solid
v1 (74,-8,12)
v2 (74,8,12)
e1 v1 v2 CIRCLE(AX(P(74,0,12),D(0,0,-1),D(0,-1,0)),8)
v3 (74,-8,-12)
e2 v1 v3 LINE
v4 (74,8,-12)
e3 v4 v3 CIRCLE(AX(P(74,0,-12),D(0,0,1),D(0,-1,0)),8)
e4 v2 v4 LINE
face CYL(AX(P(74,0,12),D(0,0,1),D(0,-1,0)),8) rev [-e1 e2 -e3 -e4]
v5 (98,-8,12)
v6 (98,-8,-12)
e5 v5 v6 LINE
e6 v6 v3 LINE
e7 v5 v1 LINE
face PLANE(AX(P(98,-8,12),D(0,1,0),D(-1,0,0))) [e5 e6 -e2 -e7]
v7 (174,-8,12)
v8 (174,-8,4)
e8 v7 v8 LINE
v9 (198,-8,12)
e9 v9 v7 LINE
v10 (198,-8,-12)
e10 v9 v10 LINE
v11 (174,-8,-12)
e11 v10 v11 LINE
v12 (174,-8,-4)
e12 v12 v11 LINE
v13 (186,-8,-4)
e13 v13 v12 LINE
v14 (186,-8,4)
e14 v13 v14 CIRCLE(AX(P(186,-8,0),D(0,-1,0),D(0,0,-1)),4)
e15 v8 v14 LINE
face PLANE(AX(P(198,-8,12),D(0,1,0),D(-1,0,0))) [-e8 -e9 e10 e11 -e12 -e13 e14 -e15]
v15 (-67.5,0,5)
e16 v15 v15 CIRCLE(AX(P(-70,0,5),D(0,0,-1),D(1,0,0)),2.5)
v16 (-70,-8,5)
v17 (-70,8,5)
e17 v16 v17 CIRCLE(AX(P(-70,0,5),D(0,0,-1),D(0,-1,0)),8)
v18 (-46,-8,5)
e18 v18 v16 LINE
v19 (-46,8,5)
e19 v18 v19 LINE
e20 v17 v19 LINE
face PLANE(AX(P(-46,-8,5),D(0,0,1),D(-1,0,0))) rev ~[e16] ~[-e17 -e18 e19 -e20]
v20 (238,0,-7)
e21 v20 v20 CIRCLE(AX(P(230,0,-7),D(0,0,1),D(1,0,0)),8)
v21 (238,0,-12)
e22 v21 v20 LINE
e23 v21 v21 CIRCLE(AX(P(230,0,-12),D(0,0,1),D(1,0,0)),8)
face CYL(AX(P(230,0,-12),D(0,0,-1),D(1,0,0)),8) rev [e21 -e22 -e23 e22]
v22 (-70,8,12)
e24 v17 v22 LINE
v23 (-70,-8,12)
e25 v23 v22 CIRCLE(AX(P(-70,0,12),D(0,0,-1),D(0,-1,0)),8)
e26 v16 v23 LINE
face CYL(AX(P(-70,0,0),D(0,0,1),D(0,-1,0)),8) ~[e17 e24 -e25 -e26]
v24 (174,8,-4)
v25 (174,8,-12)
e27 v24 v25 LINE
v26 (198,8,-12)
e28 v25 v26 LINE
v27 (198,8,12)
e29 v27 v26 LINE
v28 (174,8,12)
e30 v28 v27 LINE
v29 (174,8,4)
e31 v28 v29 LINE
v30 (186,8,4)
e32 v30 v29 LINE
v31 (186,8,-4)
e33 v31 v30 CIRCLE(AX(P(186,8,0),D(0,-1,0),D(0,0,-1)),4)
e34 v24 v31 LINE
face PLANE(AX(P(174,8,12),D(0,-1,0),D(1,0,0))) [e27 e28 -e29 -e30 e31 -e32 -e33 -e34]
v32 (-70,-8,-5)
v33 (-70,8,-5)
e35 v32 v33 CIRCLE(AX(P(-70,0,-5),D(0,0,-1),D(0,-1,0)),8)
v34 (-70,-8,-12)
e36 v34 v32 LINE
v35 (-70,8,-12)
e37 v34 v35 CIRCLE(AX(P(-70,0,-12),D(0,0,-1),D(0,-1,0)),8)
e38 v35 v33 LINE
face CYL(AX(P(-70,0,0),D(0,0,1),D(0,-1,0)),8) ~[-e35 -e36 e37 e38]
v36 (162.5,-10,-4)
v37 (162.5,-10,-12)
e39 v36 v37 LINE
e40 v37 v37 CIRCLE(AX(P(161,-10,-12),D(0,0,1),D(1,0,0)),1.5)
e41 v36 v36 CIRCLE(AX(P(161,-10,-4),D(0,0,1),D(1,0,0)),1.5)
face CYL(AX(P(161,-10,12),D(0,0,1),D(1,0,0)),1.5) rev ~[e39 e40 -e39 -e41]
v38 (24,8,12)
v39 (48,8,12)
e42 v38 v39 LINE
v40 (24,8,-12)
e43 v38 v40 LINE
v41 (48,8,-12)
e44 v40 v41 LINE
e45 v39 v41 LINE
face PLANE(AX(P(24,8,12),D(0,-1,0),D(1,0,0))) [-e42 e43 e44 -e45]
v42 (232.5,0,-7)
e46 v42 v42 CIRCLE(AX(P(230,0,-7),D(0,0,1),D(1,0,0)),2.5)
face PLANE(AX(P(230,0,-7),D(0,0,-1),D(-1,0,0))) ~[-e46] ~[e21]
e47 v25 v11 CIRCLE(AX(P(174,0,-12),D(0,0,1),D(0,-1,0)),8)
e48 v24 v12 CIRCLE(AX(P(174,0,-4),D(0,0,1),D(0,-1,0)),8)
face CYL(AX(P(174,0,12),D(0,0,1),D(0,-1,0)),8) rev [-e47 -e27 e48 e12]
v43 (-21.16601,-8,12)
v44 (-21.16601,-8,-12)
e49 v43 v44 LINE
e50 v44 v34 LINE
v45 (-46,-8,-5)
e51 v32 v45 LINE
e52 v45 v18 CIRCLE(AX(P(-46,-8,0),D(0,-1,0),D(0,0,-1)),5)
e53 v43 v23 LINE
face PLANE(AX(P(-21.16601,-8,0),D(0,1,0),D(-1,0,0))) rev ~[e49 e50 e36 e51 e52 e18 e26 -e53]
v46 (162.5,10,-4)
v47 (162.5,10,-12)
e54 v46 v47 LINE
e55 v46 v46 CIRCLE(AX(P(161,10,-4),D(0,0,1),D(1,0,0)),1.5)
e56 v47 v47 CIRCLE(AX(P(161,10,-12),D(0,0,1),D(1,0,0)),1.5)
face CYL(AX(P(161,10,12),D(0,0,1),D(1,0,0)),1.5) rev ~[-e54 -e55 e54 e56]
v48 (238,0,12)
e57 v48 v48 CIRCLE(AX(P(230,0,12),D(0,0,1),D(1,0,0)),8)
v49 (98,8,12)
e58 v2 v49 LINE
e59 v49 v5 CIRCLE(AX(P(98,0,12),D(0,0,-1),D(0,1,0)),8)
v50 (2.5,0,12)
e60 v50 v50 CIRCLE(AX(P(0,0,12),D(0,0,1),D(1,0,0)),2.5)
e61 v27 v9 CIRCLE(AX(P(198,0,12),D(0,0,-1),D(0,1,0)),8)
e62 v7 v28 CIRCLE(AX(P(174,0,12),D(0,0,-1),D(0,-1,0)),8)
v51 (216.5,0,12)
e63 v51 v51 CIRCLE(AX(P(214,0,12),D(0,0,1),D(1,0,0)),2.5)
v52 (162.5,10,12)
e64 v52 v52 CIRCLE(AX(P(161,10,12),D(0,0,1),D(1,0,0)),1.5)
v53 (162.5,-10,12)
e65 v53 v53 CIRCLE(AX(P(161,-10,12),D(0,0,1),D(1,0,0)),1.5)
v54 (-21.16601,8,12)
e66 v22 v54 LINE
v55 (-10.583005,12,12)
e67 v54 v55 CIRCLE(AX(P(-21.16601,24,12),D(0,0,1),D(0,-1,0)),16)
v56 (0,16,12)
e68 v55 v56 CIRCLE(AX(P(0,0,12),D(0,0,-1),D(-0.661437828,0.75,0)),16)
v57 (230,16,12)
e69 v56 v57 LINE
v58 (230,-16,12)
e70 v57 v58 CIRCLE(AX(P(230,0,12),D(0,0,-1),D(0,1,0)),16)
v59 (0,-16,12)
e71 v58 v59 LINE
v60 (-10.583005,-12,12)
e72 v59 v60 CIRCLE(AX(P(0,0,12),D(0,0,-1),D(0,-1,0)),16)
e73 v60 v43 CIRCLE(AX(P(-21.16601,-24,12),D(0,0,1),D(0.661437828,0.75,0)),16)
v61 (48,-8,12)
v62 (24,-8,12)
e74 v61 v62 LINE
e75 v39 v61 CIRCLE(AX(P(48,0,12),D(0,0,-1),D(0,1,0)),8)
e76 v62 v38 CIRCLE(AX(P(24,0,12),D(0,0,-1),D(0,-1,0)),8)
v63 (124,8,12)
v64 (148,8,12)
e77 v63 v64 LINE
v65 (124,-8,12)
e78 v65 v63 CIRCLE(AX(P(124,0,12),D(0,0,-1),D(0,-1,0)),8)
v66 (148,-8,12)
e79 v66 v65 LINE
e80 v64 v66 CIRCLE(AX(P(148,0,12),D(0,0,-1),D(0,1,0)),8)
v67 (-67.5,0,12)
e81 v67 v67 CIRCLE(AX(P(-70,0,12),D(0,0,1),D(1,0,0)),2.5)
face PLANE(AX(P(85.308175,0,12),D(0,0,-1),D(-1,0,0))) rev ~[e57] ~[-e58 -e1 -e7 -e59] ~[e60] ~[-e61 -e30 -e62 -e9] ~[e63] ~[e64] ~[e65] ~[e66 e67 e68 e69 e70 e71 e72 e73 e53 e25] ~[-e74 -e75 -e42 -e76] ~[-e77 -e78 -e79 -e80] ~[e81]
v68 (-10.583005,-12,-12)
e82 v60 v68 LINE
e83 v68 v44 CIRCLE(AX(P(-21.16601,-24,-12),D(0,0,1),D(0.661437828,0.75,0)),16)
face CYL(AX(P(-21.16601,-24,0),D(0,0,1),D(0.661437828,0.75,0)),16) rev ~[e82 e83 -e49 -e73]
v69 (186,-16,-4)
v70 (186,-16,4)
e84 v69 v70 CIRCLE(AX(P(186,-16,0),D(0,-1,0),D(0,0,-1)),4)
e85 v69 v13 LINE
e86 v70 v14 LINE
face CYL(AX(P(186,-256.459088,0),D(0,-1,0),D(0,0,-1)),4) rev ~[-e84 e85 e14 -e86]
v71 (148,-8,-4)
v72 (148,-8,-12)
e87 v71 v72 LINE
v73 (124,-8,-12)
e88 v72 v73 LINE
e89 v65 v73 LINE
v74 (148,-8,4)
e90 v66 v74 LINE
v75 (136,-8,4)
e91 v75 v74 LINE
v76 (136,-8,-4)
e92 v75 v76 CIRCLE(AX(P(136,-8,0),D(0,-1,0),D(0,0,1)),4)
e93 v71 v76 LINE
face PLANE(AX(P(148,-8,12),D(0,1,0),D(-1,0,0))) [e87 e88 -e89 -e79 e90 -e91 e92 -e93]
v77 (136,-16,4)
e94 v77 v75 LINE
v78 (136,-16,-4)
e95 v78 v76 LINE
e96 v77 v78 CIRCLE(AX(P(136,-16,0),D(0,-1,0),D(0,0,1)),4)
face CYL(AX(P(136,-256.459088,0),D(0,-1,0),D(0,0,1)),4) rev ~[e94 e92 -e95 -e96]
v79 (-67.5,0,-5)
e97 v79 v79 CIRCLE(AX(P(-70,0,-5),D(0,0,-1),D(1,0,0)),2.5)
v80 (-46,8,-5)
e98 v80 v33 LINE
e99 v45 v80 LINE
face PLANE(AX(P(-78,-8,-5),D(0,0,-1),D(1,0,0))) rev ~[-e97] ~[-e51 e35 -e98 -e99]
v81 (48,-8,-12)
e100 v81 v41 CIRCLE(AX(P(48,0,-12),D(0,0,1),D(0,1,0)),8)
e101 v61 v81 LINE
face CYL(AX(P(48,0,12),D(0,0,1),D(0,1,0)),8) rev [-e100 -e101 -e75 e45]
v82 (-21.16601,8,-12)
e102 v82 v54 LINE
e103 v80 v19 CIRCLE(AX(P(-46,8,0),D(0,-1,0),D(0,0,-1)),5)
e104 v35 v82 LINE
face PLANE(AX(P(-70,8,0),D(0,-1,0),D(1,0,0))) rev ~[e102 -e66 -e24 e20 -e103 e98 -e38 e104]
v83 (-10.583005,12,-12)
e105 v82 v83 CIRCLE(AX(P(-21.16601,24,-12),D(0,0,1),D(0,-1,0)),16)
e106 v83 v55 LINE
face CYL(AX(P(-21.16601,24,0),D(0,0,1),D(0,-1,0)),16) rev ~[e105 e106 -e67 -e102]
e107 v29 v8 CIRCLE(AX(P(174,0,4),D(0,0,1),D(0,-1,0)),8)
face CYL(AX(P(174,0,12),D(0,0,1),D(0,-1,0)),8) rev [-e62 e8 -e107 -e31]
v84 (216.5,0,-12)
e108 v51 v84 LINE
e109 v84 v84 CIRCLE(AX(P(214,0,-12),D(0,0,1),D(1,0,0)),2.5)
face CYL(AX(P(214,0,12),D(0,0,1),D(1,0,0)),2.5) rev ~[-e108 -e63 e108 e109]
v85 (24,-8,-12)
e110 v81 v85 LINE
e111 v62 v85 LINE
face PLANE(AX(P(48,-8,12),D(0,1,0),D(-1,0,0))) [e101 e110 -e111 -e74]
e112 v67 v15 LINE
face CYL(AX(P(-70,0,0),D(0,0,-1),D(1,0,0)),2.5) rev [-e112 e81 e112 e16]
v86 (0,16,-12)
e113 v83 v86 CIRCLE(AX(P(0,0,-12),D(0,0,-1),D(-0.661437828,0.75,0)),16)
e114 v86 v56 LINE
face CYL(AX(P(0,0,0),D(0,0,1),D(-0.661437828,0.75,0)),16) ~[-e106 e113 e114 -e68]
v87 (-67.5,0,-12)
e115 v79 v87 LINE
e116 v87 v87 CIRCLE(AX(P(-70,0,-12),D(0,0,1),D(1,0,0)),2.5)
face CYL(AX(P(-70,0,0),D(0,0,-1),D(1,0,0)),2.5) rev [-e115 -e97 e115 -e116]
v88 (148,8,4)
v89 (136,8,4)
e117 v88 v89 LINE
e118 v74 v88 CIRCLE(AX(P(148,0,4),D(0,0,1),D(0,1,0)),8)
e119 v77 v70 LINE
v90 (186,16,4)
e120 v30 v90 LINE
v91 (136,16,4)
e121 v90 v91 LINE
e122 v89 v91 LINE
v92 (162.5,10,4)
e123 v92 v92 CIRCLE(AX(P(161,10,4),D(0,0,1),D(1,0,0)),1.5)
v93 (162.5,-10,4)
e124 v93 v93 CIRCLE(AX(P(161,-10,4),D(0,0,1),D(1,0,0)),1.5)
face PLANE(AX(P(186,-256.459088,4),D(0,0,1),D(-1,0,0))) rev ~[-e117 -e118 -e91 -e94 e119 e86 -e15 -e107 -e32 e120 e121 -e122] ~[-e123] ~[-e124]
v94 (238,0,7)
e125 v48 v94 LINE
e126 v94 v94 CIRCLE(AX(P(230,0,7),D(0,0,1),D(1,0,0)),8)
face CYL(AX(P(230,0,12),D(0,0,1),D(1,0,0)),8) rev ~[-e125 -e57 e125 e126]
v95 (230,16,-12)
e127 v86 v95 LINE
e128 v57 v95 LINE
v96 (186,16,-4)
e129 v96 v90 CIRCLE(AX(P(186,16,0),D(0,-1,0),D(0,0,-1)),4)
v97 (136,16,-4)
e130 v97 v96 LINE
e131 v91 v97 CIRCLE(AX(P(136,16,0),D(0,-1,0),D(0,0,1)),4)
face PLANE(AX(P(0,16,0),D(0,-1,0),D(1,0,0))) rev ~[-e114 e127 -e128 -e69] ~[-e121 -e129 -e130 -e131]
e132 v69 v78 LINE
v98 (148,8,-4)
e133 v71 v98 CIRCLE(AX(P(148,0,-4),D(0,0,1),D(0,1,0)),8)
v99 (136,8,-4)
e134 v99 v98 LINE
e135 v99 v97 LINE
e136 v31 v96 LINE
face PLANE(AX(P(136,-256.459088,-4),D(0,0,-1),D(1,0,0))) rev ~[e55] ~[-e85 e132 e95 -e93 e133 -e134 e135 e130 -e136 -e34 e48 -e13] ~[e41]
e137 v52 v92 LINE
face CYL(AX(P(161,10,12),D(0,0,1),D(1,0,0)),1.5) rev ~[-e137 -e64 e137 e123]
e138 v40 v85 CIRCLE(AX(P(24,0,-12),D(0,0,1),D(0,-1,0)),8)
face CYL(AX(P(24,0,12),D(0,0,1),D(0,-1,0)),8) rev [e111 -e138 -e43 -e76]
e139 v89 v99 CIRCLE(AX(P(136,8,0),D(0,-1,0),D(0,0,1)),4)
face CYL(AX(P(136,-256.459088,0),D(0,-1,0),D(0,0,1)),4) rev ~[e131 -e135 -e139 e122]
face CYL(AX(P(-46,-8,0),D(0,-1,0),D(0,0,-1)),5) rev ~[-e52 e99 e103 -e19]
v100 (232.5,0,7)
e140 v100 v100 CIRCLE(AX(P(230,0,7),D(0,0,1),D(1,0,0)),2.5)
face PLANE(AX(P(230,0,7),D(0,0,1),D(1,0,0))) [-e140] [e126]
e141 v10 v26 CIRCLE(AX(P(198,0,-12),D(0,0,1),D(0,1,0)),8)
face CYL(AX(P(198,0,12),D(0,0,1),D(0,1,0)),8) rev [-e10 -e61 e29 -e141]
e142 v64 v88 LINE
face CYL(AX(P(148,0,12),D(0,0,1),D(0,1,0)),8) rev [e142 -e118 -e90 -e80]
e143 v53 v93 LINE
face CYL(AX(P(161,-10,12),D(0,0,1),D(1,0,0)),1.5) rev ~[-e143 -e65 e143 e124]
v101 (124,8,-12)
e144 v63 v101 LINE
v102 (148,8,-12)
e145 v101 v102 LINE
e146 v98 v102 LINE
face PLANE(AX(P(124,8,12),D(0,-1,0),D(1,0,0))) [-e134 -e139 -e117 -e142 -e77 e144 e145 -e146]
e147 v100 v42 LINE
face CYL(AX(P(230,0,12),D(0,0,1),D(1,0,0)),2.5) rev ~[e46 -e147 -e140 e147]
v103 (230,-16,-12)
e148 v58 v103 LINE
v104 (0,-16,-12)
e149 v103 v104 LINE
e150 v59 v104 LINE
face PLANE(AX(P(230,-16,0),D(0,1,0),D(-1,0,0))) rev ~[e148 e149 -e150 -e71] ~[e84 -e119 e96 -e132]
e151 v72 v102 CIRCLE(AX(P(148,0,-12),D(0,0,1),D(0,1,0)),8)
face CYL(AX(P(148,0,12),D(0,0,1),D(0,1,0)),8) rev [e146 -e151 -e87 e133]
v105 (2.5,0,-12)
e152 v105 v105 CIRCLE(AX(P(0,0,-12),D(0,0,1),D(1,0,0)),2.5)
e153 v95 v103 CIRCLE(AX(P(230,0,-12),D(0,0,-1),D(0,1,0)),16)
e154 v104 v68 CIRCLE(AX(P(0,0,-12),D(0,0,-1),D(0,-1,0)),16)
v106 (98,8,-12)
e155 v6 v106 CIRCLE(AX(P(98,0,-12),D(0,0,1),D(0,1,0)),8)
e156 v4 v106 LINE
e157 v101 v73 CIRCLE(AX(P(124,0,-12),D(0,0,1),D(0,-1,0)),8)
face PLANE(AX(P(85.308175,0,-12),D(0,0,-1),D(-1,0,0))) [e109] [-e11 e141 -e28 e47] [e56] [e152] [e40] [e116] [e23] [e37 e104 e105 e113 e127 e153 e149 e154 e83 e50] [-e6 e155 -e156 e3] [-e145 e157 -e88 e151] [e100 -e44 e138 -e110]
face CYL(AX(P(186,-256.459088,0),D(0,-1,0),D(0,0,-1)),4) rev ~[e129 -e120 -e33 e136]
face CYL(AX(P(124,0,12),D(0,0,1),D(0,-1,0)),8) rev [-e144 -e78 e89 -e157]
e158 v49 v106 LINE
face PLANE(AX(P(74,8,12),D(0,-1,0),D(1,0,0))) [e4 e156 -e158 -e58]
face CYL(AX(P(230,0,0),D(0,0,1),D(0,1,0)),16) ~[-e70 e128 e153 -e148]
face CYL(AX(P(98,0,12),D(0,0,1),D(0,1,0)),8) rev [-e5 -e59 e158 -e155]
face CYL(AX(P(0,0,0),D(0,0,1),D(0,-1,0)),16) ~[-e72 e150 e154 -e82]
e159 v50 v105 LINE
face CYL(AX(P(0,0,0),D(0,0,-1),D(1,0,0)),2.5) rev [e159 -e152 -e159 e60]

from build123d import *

# Parameters (mm, degrees)
SKETCH1_R               = 2.5
BOSS_EXTRUDE1_DEPTH     = 12
CUT_EXTRUDE1_REACH      = 249.459
CUT_EXTRUDE3_REACH      = 249.685
LPATTERN1_COUNT         = 4
LPATTERN1_PITCH         = 50
CUT_EXTRUDE4_REACH      = 249.685
SKETCH5_R               = 2.5
SKETCH6_R               = 8
CUT_EXTRUDE5_DEPTH      = 5
CUT_EXTRUDE7_DEPTH      = 248.459087528
CUT_EXTRUDE7_DEPTH_BACK = 248.459087528
SKETCH9_R               = 1.5
CUT_EXTRUDE8_DEPTH      = 248.685284181


with BuildPart() as part:
    # Sketch1 → Boss-Extrude1 (new, symmetric)
    with BuildSketch(Plane.XY):
        with BuildLine():
            Line((0, 16), (230, 16))
            ThreePointArc((230, 16), (246, 0), (230, -16))
            Line((230, -16), (0, -16))
            ThreePointArc((0, -16), (-5.656854249, -14.966629547), (-10.583005244, -12))
            ThreePointArc((-10.583005244, -12), (-15.509156239, -9.033370453), (-21.166010489, -8))
            Line((-21.166010489, -8), (-70, -8))
            ThreePointArc((-70, -8), (-78, 0), (-70, 8))
            Line((-70, 8), (-21.166010489, 8))
            ThreePointArc((-21.166010489, 8), (-15.509156239, 9.033370453), (-10.583005244, 12))
            ThreePointArc((-10.583005244, 12), (-5.656854249, 14.966629547), (0, 16))
        make_face()
        Circle(SKETCH1_R, mode=Mode.SUBTRACT)
        with Locations((-70, 0)):
            Circle(SKETCH1_R, mode=Mode.SUBTRACT)
    extrude(amount=BOSS_EXTRUDE1_DEPTH, both=True)

    # Sketch2 → Cut-Extrude1 (cut, up to next)
    with BuildSketch(Plane.XZ.offset(8), mode=Mode.PRIVATE) as cut_extrude1_sk1:
        with BuildLine():
            Line((-78, -5), (-46, -5))
            ThreePointArc((-46, -5), (-41, 0), (-46, 5))
            Line((-46, 5), (-78, 5))
            Line((-78, 5), (-78, -5))
        make_face()
    cut_extrude1_tool1 = extrude(cut_extrude1_sk1.sketch, amount=-CUT_EXTRUDE1_REACH, mode=Mode.PRIVATE) & part.part
    add(cut_extrude1_tool1.solids().sort_by_distance((-60.019172, -8, 0))[0], mode=Mode.SUBTRACT)

    # Sketch4 → Cut-Extrude3 (cut, up to next)
    with BuildSketch(Plane.XY.offset(12), mode=Mode.PRIVATE) as cut_extrude3_sk1:
        with BuildLine():
            Line((24, 8), (48, 8))
            ThreePointArc((48, 8), (56, 0), (48, -8))
            Line((48, -8), (24, -8))
            ThreePointArc((24, -8), (16, 0), (24, 8))
        make_face()
    cut_extrude3_tool1 = extrude(cut_extrude3_sk1.sketch, amount=-CUT_EXTRUDE3_REACH, mode=Mode.PRIVATE) & part.part
    cut_extrude3 = cut_extrude3_tool1.solids().sort_by_distance((36, 0, 12))[0]
    add(cut_extrude3, mode=Mode.SUBTRACT)

    # LPattern1: Cut-Extrude3 ×4
    with Locations(*[(i * LPATTERN1_PITCH, 0, 0) for i in range(1, LPATTERN1_COUNT)]):
        add(cut_extrude3, mode=Mode.SUBTRACT)

    # Sketch5 → Cut-Extrude4 (cut, up to next)
    with BuildSketch(Plane.XY.offset(12), mode=Mode.PRIVATE) as cut_extrude4_sk1:
        with Locations((230, 0)):
            Circle(SKETCH5_R)
    cut_extrude4_tool1 = extrude(cut_extrude4_sk1.sketch, amount=-CUT_EXTRUDE4_REACH, mode=Mode.PRIVATE) & part.part
    # Sketch5 → Cut-Extrude4 (cut, up to next)
    with BuildSketch(Plane.XY.offset(12), mode=Mode.PRIVATE) as cut_extrude4_sk2:
        with Locations((214, 0)):
            Circle(SKETCH5_R)
    cut_extrude4_tool2 = extrude(cut_extrude4_sk2.sketch, amount=-CUT_EXTRUDE4_REACH, mode=Mode.PRIVATE) & part.part
    add(cut_extrude4_tool1.solids().sort_by_distance((230, 0, 12))[0], mode=Mode.SUBTRACT)
    add(cut_extrude4_tool2.solids().sort_by_distance((214, 0, 12))[0], mode=Mode.SUBTRACT)

    # Sketch6 → Cut-Extrude5 (cut)
    with BuildSketch(Plane.XY.offset(12)):
        with Locations((230, 0)):
            Circle(SKETCH6_R)
    cut_extrude5 = extrude(amount=-CUT_EXTRUDE5_DEPTH, mode=Mode.SUBTRACT)

    # Mirror1: Cut-Extrude5 across plane
    add(cut_extrude5.mirror(Plane.XY), mode=Mode.SUBTRACT)

    # Sketch8 → Cut-Extrude7 (cut, two sides: drawn at the far end of the back side and taken through both)
    with BuildSketch(Plane(origin=(0, -8, 0), x_dir=(1, 0, 0), z_dir=(0, 1, 0)).offset(-CUT_EXTRUDE7_DEPTH_BACK)):
        with BuildLine():
            Line((136, 4), (186, 4))
            ThreePointArc((186, 4), (190, 0), (186, -4))
            Line((186, -4), (136, -4))
            ThreePointArc((136, -4), (132, 0), (136, 4))
        make_face()
    extrude(amount=CUT_EXTRUDE7_DEPTH + CUT_EXTRUDE7_DEPTH_BACK, mode=Mode.SUBTRACT)

    # Sketch9 → Cut-Extrude8 (cut, through all)
    with BuildSketch(Plane.XY.offset(12)):
        with Locations((161, 10)):
            Circle(SKETCH9_R)
        with Locations((161, -10)):
            Circle(SKETCH9_R)
    extrude(amount=-CUT_EXTRUDE8_DEPTH, mode=Mode.SUBTRACT)


solid = part.part
